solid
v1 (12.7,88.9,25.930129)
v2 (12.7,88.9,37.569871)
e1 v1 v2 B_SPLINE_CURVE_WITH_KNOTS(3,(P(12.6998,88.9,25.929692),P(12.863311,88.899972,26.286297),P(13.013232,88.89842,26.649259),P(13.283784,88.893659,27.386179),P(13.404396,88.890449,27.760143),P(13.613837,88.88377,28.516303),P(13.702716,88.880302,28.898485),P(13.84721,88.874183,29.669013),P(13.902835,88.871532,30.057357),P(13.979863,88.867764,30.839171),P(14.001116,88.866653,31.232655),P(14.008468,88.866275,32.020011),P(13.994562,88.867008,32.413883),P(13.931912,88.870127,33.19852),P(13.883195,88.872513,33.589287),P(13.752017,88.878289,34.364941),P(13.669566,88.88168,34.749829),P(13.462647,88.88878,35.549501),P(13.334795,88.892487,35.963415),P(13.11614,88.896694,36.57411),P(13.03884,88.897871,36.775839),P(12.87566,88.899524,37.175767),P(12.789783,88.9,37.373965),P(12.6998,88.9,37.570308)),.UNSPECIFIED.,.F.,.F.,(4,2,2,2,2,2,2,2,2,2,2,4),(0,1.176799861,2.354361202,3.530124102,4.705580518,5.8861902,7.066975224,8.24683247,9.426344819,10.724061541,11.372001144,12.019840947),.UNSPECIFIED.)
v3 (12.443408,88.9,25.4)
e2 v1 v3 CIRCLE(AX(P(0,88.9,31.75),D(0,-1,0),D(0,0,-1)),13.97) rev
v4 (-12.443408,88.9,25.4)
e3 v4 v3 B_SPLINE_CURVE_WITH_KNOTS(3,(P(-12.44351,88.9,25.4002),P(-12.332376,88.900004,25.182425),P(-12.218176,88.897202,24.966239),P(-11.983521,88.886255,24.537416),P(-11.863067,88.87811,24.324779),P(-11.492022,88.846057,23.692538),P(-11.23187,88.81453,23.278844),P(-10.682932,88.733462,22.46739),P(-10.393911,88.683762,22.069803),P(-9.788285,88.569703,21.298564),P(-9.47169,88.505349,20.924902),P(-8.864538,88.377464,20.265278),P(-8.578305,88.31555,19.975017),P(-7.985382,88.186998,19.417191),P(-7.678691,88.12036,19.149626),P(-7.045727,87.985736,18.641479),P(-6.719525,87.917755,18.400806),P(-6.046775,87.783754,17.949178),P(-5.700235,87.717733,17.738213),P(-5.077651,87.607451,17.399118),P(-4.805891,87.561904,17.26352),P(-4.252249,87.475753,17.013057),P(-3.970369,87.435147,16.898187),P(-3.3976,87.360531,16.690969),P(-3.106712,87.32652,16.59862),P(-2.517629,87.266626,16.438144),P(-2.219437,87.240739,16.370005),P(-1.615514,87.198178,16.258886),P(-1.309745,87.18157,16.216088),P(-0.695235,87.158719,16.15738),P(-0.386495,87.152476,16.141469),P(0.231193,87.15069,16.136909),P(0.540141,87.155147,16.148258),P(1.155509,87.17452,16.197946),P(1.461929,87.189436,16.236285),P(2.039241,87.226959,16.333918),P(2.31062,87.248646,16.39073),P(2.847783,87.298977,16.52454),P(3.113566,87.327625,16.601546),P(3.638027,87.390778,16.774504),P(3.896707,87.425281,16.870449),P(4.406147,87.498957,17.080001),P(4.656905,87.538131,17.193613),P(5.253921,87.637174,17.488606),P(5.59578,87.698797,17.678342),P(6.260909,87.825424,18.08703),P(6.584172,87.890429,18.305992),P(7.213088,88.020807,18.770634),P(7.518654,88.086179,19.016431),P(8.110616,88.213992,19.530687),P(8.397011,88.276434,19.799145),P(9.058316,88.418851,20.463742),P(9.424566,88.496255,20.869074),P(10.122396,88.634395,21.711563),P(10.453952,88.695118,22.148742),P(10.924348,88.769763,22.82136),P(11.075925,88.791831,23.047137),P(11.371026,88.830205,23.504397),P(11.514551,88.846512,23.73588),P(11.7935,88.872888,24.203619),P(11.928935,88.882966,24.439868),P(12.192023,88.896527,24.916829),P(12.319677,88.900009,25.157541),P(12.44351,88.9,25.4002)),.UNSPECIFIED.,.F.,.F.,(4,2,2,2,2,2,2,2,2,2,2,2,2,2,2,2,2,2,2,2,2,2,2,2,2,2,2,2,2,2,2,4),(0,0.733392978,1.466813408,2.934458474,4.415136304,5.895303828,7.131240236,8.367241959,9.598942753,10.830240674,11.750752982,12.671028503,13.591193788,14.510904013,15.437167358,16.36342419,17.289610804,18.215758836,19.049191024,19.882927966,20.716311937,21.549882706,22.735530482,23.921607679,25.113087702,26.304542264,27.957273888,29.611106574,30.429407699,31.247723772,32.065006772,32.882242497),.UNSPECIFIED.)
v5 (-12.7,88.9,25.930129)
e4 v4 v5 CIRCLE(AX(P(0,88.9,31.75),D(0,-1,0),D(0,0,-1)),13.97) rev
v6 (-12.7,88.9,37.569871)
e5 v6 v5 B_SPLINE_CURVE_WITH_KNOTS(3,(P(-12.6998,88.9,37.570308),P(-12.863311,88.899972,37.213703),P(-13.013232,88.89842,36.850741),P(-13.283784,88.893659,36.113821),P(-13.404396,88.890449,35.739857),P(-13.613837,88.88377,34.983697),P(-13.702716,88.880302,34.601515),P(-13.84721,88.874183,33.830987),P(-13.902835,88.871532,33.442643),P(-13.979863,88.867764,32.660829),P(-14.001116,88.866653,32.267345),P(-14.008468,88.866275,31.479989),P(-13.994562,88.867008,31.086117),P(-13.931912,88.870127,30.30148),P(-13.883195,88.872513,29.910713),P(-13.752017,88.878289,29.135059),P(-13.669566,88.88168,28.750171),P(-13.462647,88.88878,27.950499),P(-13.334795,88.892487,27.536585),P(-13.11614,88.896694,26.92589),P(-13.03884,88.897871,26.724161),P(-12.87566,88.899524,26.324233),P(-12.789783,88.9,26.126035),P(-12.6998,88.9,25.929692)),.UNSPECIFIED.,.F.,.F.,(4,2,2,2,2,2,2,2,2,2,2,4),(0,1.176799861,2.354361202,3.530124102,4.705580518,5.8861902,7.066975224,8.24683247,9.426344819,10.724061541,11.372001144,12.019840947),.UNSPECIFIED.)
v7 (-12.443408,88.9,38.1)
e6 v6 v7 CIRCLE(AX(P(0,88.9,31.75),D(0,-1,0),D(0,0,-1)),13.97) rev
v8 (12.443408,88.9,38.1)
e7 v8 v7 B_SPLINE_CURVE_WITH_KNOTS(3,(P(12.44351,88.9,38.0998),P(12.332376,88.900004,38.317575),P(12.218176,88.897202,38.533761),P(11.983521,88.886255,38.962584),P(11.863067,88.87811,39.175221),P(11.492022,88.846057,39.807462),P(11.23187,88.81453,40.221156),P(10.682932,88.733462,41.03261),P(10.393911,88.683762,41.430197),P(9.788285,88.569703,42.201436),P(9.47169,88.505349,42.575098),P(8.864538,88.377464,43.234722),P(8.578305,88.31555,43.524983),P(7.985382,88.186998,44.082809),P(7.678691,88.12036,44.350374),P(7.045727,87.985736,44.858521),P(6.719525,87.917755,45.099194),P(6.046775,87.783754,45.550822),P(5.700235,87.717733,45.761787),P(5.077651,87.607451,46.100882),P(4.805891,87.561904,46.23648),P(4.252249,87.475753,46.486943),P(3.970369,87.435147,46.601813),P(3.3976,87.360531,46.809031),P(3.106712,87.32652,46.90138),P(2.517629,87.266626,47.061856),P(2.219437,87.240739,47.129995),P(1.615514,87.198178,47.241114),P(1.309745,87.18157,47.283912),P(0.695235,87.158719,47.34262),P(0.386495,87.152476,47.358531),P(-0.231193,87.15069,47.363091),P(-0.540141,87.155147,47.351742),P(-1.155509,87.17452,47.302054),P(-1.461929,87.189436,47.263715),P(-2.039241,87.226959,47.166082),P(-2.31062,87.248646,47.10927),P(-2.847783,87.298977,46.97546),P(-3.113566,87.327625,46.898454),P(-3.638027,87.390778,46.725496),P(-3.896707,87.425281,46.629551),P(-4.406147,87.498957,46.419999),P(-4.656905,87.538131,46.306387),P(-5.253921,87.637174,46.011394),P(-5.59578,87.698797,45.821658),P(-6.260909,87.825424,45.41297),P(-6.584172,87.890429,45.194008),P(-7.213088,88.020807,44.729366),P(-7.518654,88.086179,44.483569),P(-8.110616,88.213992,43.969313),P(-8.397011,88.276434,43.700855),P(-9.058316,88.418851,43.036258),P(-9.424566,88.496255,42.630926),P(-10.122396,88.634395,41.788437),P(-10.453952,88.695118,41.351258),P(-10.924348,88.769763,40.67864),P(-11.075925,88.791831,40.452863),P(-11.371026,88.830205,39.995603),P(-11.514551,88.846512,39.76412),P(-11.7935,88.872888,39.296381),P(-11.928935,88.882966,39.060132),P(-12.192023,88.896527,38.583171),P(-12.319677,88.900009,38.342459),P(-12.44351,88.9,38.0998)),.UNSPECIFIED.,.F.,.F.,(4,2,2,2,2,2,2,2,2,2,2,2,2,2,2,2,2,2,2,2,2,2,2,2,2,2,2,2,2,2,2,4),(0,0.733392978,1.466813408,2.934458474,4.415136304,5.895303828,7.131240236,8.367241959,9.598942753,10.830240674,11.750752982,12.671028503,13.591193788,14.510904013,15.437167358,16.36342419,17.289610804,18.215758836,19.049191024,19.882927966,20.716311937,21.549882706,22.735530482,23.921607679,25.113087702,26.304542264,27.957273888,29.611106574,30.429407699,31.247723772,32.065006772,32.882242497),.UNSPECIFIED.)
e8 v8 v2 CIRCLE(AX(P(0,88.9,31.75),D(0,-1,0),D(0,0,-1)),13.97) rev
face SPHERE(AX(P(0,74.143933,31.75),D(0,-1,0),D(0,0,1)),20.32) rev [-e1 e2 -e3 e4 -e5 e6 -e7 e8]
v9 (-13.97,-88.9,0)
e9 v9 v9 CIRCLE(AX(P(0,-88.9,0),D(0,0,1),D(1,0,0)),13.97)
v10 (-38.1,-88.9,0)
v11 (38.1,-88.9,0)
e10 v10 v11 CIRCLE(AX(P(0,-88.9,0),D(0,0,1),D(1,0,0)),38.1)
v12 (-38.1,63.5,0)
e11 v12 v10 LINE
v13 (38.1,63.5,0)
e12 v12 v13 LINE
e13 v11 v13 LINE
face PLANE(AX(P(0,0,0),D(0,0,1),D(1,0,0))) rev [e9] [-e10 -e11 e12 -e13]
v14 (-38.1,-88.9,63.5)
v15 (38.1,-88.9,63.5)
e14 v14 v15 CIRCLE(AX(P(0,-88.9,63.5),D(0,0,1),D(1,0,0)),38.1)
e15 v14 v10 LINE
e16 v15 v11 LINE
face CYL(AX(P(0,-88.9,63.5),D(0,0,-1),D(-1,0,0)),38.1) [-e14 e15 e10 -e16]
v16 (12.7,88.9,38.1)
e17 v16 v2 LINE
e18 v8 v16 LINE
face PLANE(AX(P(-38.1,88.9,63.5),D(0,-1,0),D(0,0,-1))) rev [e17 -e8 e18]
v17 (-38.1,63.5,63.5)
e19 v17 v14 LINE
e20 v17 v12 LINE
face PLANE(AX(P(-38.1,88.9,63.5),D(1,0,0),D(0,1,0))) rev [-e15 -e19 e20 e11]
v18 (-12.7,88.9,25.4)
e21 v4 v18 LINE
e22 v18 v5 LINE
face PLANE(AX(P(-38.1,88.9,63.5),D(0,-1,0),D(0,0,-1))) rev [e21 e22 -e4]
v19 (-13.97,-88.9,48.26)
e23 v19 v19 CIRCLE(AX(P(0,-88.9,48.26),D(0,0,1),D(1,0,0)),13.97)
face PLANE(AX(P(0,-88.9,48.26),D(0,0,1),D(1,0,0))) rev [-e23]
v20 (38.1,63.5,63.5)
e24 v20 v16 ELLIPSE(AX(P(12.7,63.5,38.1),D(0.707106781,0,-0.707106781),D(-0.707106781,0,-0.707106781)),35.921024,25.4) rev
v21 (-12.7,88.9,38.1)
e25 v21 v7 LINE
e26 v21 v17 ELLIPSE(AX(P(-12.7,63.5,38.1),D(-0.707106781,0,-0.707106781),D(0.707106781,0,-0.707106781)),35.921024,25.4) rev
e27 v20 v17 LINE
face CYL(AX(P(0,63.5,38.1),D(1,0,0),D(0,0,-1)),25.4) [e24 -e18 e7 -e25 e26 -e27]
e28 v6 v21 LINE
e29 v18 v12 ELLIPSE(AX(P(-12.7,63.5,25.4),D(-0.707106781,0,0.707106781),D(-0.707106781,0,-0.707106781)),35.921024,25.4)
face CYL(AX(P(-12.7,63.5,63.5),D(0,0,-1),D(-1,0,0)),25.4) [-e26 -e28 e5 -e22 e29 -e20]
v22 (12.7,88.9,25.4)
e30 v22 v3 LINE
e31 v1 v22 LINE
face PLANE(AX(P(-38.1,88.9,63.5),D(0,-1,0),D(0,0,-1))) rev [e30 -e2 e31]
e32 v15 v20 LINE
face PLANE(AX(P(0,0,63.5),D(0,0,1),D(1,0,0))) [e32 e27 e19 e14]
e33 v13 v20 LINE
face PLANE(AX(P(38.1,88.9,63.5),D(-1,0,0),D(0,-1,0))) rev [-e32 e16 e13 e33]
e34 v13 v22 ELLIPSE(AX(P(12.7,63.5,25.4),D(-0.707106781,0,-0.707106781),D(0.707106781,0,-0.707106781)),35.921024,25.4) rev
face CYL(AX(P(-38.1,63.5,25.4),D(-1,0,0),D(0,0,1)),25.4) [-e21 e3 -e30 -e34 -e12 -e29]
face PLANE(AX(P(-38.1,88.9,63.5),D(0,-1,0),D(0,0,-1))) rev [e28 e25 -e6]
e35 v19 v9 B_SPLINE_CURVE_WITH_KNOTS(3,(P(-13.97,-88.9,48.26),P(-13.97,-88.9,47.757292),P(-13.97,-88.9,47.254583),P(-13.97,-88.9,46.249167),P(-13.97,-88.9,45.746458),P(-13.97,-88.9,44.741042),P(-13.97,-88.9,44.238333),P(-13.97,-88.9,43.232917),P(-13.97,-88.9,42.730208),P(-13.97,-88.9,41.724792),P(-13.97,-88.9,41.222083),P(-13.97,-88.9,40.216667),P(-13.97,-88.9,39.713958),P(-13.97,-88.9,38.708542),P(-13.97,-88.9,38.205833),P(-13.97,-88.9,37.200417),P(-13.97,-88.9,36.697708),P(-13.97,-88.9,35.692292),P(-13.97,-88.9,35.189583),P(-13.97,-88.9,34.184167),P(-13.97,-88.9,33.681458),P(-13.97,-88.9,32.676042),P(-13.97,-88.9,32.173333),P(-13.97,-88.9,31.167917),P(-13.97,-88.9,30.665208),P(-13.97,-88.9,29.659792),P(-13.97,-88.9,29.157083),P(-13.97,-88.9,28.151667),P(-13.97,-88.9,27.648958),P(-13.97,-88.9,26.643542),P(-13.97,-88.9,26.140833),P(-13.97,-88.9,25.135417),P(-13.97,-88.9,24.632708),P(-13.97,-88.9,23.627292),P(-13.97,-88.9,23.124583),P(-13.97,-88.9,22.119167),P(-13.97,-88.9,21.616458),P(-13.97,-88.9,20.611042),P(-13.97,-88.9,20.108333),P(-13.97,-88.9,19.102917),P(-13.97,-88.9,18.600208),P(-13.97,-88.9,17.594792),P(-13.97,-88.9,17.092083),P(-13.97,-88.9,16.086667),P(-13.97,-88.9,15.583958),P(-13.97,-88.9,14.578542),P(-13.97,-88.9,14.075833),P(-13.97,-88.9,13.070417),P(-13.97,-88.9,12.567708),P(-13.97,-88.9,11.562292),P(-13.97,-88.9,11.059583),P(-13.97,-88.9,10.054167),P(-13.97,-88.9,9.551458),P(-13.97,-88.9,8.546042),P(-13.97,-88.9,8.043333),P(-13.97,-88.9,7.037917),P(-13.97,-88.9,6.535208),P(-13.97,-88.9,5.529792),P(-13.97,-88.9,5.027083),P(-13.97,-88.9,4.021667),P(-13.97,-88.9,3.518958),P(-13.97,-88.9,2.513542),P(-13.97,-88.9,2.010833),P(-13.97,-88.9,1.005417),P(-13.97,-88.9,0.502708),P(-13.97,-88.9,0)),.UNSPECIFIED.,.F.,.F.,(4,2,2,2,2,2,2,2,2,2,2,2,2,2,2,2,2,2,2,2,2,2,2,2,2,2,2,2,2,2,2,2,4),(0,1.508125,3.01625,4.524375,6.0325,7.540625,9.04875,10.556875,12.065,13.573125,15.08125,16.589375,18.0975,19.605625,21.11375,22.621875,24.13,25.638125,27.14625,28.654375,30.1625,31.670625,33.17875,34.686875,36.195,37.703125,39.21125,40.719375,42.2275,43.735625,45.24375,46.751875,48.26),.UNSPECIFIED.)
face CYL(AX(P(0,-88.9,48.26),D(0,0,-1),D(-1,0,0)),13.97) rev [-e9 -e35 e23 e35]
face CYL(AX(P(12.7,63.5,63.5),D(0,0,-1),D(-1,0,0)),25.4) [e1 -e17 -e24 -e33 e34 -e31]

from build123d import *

# Parameters (mm, degrees)
SKETCH1_W           = 76.2
SKETCH1_H           = 177.8
BOSS_EXTRUDE1_DEPTH = 63.5
SKETCH2_R           = 38.1
BOSS_EXTRUDE2_DEPTH = 63.5
SKETCH4_R           = 13.97
CUT_EXTRUDE1_DEPTH  = 48.26
FILLET2_R           = 25.4


with BuildPart() as part:
    # Sketch1 → Boss-Extrude1 (new body)
    with BuildSketch(Plane.XY):
        Rectangle(SKETCH1_W, SKETCH1_H)
    extrude(amount=BOSS_EXTRUDE1_DEPTH)

    # Sketch2 → Boss-Extrude2 (add, through all)
    with BuildSketch(Plane.XY):
        with Locations((0, -88.9)):
            Circle(SKETCH2_R)
    extrude(amount=BOSS_EXTRUDE2_DEPTH)

    # Sketch4 → Cut-Extrude1 (cut)
    with BuildSketch(Plane.XY):
        with Locations(Location((0, -88.9, 0), (0, 0, 180))):
            Circle(SKETCH4_R)
    extrude(amount=CUT_EXTRUDE1_DEPTH, mode=Mode.SUBTRACT)

    # Fillet2
    fillet2_edges = [part.edges().sort_by_distance(p)[0] for p in [
        (0, 88.9, 0),
        (-38.1, 88.9, 31.75),
        (38.1, 88.9, 31.75),
        (0, 88.9, 63.5),
    ]]
    fillet(fillet2_edges, radius=FILLET2_R)

    # Sketch5 → Cut-Revolve4 (revolve, cut)
    with BuildSketch(Plane(origin=(0, 0, 0), x_dir=(0, 0, -1), z_dir=(1, 0, 0))):
        with BuildLine():
            Line((-31.75, 53.823933451), (-31.75, 94.463933451))
            ThreePointArc((-31.75, 94.463933451), (-52.07, 74.143933451), (-31.75, 53.823933451))
        make_face()
    revolve(axis=Axis((0, 53.823933451, 31.75), (0, 1, 0)), mode=Mode.SUBTRACT)


solid = part.part
